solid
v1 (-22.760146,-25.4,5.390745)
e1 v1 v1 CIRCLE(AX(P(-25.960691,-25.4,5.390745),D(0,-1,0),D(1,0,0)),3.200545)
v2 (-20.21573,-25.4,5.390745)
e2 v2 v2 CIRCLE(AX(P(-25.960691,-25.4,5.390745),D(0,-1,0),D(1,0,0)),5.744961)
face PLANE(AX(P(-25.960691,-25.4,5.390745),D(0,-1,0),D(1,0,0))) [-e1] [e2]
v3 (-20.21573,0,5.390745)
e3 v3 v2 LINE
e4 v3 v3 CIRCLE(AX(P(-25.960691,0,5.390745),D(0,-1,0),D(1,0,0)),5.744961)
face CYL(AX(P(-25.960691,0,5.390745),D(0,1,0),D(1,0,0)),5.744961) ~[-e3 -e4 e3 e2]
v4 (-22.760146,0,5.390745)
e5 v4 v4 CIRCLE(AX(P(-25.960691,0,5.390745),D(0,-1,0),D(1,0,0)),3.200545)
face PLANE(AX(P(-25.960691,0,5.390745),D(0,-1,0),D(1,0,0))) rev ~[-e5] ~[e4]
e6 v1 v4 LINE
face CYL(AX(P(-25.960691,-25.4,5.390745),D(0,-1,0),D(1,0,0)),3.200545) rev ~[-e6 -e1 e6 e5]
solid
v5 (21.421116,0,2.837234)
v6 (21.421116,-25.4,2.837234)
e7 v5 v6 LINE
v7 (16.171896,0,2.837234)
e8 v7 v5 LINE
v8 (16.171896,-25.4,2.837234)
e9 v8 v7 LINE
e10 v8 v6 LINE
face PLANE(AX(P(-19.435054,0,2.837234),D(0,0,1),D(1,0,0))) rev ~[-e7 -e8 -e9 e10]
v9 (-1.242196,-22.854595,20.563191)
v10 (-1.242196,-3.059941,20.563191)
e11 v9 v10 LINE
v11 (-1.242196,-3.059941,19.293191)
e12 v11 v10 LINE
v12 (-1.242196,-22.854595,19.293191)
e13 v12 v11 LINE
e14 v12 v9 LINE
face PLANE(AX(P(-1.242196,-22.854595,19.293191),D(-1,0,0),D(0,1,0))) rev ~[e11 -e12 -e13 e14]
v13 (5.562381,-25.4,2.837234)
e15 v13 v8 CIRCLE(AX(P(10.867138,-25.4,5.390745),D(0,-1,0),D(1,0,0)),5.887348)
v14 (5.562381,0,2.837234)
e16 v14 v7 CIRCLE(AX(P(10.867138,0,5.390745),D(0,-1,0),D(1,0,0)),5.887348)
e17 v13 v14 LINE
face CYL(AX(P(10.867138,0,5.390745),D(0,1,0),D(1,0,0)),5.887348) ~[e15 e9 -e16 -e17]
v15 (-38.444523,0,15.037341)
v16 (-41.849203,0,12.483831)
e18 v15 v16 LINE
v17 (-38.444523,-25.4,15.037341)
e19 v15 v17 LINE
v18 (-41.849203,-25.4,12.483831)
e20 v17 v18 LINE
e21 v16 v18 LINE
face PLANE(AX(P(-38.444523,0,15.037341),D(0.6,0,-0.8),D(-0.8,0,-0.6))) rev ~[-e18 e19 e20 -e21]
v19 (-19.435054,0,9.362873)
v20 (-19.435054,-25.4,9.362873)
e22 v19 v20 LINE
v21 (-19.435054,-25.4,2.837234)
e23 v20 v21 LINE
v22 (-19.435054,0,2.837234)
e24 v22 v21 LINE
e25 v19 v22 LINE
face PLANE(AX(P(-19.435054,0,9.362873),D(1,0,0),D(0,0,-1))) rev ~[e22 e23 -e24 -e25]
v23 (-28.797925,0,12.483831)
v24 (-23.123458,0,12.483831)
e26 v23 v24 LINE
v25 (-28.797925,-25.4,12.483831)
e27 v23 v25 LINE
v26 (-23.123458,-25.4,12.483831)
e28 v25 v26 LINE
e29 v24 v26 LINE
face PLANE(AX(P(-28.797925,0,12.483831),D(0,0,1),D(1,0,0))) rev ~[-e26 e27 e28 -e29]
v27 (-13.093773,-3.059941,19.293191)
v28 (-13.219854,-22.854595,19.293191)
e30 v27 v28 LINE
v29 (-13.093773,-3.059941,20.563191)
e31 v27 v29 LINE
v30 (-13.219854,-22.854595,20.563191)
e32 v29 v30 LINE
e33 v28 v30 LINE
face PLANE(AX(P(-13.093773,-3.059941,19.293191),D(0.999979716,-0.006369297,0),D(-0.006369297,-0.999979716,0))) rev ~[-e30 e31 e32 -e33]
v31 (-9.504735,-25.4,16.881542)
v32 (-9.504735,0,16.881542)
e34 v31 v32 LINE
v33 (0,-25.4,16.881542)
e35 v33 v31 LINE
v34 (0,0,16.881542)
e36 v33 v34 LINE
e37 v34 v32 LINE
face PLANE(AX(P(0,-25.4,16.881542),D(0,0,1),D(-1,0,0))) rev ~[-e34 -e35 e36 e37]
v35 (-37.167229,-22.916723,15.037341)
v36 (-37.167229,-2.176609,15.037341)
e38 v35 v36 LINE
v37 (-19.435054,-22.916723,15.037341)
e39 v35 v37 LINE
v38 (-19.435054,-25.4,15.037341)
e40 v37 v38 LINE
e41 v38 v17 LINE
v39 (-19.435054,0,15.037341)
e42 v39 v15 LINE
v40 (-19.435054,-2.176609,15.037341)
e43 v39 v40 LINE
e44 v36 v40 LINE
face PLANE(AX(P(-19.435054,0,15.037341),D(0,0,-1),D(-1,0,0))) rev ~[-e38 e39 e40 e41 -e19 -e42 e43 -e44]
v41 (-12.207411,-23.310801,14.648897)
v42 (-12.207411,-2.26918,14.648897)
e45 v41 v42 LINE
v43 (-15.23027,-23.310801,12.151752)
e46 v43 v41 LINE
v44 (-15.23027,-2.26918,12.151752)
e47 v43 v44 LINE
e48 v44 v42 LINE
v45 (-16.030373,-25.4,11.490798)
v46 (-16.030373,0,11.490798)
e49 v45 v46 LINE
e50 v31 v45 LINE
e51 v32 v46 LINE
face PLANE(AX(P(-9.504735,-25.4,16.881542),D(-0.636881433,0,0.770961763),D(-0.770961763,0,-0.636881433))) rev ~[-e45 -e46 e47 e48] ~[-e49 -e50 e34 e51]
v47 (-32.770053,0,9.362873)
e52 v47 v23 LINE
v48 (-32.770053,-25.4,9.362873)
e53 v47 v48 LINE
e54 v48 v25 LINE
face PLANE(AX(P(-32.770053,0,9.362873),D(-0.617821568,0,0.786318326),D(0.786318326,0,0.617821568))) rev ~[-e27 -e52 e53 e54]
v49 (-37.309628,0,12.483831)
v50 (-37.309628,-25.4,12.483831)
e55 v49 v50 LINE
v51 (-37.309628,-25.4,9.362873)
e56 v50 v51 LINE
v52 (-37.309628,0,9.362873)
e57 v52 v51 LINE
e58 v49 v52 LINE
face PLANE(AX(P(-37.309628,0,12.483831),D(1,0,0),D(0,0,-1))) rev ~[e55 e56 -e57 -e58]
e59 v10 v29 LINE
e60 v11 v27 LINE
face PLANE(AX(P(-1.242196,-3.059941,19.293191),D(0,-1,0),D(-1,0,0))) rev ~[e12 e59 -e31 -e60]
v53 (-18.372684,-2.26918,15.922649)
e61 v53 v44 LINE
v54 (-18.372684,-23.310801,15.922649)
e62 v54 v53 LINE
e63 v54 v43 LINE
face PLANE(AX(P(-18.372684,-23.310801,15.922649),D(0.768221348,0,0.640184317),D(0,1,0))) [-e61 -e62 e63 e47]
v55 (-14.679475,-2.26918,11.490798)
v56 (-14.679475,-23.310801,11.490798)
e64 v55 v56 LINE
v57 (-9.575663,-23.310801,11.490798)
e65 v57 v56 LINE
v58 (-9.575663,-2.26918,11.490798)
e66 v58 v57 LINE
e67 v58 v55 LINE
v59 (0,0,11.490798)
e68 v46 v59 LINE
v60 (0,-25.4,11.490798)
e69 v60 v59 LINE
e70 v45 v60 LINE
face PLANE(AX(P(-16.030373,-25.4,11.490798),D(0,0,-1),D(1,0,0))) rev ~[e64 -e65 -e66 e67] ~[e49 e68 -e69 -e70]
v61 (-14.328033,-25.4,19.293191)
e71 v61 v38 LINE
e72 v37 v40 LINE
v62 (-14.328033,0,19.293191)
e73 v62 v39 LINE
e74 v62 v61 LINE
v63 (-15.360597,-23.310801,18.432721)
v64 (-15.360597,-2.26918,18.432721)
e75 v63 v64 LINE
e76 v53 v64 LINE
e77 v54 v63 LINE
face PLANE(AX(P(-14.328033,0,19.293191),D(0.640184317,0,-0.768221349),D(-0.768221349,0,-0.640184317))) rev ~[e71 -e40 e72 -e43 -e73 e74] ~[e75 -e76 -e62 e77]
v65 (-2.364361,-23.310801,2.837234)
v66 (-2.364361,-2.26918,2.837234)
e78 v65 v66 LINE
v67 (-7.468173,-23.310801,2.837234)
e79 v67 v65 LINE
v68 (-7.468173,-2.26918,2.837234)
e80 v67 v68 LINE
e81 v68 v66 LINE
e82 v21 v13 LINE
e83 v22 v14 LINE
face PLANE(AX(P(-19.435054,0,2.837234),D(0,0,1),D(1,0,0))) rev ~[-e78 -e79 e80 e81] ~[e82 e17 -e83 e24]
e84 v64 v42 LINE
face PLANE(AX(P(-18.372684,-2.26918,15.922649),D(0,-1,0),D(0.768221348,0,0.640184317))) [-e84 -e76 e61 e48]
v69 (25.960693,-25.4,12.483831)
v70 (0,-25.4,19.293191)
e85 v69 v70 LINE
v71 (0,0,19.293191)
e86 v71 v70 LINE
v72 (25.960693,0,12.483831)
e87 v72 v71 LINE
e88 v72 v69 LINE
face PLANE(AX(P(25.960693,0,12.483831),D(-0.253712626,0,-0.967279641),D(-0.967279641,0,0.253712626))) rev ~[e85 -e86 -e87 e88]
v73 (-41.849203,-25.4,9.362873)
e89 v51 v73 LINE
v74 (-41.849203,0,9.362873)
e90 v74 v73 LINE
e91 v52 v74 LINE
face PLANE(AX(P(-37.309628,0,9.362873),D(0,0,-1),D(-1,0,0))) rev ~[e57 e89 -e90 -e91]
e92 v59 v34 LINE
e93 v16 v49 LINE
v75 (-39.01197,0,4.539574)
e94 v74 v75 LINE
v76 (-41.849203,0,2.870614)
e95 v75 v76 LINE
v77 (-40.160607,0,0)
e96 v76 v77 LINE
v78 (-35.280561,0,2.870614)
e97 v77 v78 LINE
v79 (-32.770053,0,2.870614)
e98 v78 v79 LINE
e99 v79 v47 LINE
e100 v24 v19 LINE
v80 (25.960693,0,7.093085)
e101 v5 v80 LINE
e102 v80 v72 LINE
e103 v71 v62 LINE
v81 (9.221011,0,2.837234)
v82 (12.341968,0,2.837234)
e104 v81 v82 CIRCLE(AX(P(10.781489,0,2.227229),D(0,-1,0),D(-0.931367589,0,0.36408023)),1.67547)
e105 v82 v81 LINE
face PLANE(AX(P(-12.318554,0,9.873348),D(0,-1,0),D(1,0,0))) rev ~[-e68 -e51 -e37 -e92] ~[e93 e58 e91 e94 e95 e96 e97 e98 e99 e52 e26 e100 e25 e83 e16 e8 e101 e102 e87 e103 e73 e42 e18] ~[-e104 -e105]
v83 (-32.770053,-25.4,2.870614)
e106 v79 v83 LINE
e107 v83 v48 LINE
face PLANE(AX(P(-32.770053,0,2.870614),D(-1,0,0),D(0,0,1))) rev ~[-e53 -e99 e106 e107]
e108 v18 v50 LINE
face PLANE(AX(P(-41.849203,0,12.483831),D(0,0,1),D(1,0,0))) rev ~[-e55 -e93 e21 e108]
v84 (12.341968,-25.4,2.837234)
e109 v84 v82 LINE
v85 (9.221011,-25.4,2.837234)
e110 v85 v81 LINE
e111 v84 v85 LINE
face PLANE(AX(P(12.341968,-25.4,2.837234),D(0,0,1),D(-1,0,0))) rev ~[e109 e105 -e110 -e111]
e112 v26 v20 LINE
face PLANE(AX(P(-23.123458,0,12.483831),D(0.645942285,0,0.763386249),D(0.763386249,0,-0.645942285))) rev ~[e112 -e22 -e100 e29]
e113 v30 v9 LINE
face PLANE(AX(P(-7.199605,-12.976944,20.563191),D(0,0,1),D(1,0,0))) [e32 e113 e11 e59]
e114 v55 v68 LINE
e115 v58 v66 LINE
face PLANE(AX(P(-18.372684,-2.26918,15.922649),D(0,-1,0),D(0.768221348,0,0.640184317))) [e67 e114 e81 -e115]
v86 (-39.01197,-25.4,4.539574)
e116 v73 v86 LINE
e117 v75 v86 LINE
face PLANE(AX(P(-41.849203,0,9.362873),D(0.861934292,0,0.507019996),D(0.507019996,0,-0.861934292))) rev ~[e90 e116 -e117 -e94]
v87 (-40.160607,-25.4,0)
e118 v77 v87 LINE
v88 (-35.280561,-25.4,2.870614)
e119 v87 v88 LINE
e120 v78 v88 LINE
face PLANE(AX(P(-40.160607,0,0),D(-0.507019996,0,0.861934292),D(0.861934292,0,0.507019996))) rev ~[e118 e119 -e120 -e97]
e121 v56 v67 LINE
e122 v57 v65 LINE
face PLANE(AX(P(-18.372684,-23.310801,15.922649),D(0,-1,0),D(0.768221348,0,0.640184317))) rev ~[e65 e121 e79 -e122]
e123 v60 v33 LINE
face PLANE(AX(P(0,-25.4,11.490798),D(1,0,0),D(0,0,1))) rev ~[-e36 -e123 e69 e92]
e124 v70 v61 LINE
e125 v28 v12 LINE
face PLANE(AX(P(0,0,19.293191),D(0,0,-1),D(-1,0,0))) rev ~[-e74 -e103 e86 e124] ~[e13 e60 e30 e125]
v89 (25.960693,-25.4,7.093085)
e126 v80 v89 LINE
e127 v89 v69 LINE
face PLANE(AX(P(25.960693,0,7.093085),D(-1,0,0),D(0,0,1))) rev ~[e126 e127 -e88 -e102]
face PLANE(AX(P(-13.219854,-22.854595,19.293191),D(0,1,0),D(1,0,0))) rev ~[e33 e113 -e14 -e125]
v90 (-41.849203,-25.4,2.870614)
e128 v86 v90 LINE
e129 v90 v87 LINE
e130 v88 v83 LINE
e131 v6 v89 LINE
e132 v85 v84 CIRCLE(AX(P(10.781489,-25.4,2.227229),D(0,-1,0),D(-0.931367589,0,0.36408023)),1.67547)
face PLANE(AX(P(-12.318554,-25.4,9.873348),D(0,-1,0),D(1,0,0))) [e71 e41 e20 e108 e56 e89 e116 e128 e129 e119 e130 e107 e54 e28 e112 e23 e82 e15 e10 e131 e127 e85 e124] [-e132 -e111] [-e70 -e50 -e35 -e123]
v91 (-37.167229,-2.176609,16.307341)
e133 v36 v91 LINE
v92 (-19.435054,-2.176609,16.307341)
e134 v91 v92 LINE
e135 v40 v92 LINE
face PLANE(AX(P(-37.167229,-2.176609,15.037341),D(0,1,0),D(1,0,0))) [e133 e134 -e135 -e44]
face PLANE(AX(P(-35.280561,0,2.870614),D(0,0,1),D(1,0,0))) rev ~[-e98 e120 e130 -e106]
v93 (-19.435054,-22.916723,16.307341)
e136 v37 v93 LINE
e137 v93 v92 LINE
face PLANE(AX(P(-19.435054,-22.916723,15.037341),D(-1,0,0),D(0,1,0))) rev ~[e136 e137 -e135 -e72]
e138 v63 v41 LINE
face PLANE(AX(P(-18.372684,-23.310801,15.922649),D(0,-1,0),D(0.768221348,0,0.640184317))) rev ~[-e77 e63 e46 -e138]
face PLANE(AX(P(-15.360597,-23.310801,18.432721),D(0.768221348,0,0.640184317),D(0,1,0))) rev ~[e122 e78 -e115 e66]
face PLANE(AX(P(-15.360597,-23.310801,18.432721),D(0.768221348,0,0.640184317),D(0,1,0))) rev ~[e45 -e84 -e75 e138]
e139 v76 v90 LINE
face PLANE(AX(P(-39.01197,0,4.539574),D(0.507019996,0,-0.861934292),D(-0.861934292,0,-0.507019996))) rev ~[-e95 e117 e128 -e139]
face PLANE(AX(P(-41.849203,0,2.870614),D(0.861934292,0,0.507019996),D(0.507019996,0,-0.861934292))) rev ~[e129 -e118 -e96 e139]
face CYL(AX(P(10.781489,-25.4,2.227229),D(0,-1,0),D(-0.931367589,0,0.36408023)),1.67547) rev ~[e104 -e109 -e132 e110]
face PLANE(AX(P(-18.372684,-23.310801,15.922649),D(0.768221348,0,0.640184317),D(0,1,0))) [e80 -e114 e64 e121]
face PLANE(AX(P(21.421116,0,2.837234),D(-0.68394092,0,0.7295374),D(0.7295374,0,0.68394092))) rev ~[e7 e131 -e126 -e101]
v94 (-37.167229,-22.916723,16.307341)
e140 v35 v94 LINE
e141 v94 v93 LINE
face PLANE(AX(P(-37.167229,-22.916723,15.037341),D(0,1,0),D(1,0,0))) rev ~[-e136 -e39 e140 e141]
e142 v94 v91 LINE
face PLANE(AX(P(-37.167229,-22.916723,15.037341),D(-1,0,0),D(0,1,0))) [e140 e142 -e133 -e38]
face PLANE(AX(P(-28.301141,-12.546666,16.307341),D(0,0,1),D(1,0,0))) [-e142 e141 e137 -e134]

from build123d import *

# Parameters (mm, degrees)
F0_R      = 5.7449607944
F1_DEPTH  = 25.4
F0_R_2    = 5.8873482928
F4_DEPTH  = 25.4
F5_DEPTH  = 25.4
F6_R      = 3.20054545
F7_DEPTH  = 25.4
F9_DEPTH  = 25.4
F11_DEPTH = 25.4
F12_W     = 3.9208573289
F12_H     = 21.0416209884
F13_DEPTH = 25.4
F15_DEPTH = 27.94
F16_DEPTH = 25.4
F17_DEPTH = 1.27
F18_W     = 17.7321750671
F18_H     = 20.7401141524
F19_DEPTH = 2.54
F20_DEPTH = 1.27


with BuildPart() as f1:
    # F0 (on Front) → F1 (new body)
    with BuildSketch(Plane.XZ):
        with Locations((-25.9606912732, 5.3907446563)):
            Circle(F0_R)
    extrude(amount=F1_DEPTH)

    # F3 (on Front) → F5 (cut)
    with BuildSketch(Plane.XZ):
        Polygon((-13.9075210318, 17.5154227763), (-18.8151281327, 12.0304487646), (0, 11.7417657748), (7.4550076388, 14.0512287617), (0, 17.5154227763), align=None)
    extrude(amount=-F5_DEPTH, mode=Mode.SUBTRACT)

    # F6 (on face) → F7 (cut)
    with BuildSketch(Plane.XZ.offset(25.4)):
        with Locations((-25.9606912732, 5.3907446563)):
            Circle(F6_R)
    extrude(amount=-F7_DEPTH, mode=Mode.SUBTRACT)


with BuildPart() as f1b:
    # F0 (on Front) → F1, piece 2 (new body)
    with BuildSketch(Plane.XZ):
        with Locations((10.8671383932, 5.3907446563)):
            Circle(F0_R_2)
    extrude(amount=F1_DEPTH)

    # F2 (on Front) → F4 (join)
    with BuildSketch(Plane.XZ):
        Polygon((-19.4350536913, 9.36287269), (-19.4350536913, 2.8372341767), (21.4211158454, 2.8372341767), (25.9606931359, 7.0930854417), (25.9606931359, 12.4838305637), (0, 19.2931909114), (-14.328032732, 19.2931909114), (-19.4350536913, 15.0373410434), (-38.4445227683, 15.0373410434), (-41.8492034078, 12.4838305637), (-37.30962798, 12.4838305637), (-37.30962798, 9.36287269), (-41.8492034078, 9.36287269), (-39.0119701624, 4.5395744964), (-41.8492034078, 2.8706143439), (-40.1606073217, 0), (-35.2805612409, 2.8706143439), (-32.7700525522, 2.8706143439), (-32.7700525522, 9.36287269), (-28.7979245186, 12.4838305637), (-23.1234580278, 12.4838305637), align=None)
    extrude(amount=F4_DEPTH)

    # F8 (on face) → F9 (cut)
    with BuildSketch(Plane.XZ.offset(25.4)):
        with BuildLine():
            Line((12.3419677839, 2.8372341767), (9.2210108414, 2.8372341767))
            ThreePointArc((9.2210108414, 2.8372341767), (10.7814893126, 0.5517586494), (12.3419677839, 2.8372341767))
        make_face()
    extrude(amount=-F9_DEPTH, mode=Mode.SUBTRACT)

    # F10 (on face) → F11 (cut)
    with BuildSketch(Plane.XZ.offset(25.4)):
        Polygon((-9.5047345385, 16.8815422803), (-16.0303730518, 11.490797624), (0, 11.490797624), (0, 16.8815422803), align=None)
    extrude(amount=-F11_DEPTH, mode=Mode.SUBTRACT)

    # F12 (on face) → F13 (cut)
    with BuildSketch(Plane(origin=(-15.3605972177, 0, 18.432720695), x_dir=(0.7682213485, 0, 0.640184317), z_dir=(-0.640184317, 0, 0.7682213485))):
        with Locations((-1.9604286645, -12.7899905201)):
            Rectangle(F12_W, F12_H)
    extrude(amount=-F13_DEPTH, mode=Mode.SUBTRACT)

    # F14 (on face) → F15 (join)
    with BuildSketch(Plane.XY.offset(19.2931909114)):
        Polygon((-1.2421964202, -3.0599406455), (-13.0937732756, -3.0599406455), (-13.2198538631, -22.8545945138), (-1.2421964202, -22.8545945138), align=None)
    extrude(amount=F15_DEPTH)

    # F16 (cut): a face of the model
    f16_faces = [f1b.faces().sort_by_distance(p)[0] for p in [
        (-7.1995605859, -12.9747231803, 47.2331909114),
    ]]
    extrude(f16_faces, amount=-F16_DEPTH, mode=Mode.SUBTRACT)

    # F17 (cut): a face of the model
    f17_faces = [f1b.faces().sort_by_distance(p)[0] for p in [
        (-7.1995605859, -12.9747231803, 21.8331909114),
    ]]
    extrude(f17_faces, amount=-F17_DEPTH, mode=Mode.SUBTRACT)

    # F18 (on face) → F19 (join)
    with BuildSketch(Plane.XY.offset(15.0373410434)):
        with Locations((-28.3011412248, -12.5466659665)):
            Rectangle(F18_W, F18_H)
    extrude(amount=F19_DEPTH)

    # F20 (cut): a face of the model
    f20_faces = [f1b.faces().sort_by_distance(p)[0] for p in [
        (-28.3011412248, -12.5466659665, 17.5773410434),
    ]]
    extrude(f20_faces, amount=-F20_DEPTH, mode=Mode.SUBTRACT)


solid = Compound([f1.part, f1b.part])
